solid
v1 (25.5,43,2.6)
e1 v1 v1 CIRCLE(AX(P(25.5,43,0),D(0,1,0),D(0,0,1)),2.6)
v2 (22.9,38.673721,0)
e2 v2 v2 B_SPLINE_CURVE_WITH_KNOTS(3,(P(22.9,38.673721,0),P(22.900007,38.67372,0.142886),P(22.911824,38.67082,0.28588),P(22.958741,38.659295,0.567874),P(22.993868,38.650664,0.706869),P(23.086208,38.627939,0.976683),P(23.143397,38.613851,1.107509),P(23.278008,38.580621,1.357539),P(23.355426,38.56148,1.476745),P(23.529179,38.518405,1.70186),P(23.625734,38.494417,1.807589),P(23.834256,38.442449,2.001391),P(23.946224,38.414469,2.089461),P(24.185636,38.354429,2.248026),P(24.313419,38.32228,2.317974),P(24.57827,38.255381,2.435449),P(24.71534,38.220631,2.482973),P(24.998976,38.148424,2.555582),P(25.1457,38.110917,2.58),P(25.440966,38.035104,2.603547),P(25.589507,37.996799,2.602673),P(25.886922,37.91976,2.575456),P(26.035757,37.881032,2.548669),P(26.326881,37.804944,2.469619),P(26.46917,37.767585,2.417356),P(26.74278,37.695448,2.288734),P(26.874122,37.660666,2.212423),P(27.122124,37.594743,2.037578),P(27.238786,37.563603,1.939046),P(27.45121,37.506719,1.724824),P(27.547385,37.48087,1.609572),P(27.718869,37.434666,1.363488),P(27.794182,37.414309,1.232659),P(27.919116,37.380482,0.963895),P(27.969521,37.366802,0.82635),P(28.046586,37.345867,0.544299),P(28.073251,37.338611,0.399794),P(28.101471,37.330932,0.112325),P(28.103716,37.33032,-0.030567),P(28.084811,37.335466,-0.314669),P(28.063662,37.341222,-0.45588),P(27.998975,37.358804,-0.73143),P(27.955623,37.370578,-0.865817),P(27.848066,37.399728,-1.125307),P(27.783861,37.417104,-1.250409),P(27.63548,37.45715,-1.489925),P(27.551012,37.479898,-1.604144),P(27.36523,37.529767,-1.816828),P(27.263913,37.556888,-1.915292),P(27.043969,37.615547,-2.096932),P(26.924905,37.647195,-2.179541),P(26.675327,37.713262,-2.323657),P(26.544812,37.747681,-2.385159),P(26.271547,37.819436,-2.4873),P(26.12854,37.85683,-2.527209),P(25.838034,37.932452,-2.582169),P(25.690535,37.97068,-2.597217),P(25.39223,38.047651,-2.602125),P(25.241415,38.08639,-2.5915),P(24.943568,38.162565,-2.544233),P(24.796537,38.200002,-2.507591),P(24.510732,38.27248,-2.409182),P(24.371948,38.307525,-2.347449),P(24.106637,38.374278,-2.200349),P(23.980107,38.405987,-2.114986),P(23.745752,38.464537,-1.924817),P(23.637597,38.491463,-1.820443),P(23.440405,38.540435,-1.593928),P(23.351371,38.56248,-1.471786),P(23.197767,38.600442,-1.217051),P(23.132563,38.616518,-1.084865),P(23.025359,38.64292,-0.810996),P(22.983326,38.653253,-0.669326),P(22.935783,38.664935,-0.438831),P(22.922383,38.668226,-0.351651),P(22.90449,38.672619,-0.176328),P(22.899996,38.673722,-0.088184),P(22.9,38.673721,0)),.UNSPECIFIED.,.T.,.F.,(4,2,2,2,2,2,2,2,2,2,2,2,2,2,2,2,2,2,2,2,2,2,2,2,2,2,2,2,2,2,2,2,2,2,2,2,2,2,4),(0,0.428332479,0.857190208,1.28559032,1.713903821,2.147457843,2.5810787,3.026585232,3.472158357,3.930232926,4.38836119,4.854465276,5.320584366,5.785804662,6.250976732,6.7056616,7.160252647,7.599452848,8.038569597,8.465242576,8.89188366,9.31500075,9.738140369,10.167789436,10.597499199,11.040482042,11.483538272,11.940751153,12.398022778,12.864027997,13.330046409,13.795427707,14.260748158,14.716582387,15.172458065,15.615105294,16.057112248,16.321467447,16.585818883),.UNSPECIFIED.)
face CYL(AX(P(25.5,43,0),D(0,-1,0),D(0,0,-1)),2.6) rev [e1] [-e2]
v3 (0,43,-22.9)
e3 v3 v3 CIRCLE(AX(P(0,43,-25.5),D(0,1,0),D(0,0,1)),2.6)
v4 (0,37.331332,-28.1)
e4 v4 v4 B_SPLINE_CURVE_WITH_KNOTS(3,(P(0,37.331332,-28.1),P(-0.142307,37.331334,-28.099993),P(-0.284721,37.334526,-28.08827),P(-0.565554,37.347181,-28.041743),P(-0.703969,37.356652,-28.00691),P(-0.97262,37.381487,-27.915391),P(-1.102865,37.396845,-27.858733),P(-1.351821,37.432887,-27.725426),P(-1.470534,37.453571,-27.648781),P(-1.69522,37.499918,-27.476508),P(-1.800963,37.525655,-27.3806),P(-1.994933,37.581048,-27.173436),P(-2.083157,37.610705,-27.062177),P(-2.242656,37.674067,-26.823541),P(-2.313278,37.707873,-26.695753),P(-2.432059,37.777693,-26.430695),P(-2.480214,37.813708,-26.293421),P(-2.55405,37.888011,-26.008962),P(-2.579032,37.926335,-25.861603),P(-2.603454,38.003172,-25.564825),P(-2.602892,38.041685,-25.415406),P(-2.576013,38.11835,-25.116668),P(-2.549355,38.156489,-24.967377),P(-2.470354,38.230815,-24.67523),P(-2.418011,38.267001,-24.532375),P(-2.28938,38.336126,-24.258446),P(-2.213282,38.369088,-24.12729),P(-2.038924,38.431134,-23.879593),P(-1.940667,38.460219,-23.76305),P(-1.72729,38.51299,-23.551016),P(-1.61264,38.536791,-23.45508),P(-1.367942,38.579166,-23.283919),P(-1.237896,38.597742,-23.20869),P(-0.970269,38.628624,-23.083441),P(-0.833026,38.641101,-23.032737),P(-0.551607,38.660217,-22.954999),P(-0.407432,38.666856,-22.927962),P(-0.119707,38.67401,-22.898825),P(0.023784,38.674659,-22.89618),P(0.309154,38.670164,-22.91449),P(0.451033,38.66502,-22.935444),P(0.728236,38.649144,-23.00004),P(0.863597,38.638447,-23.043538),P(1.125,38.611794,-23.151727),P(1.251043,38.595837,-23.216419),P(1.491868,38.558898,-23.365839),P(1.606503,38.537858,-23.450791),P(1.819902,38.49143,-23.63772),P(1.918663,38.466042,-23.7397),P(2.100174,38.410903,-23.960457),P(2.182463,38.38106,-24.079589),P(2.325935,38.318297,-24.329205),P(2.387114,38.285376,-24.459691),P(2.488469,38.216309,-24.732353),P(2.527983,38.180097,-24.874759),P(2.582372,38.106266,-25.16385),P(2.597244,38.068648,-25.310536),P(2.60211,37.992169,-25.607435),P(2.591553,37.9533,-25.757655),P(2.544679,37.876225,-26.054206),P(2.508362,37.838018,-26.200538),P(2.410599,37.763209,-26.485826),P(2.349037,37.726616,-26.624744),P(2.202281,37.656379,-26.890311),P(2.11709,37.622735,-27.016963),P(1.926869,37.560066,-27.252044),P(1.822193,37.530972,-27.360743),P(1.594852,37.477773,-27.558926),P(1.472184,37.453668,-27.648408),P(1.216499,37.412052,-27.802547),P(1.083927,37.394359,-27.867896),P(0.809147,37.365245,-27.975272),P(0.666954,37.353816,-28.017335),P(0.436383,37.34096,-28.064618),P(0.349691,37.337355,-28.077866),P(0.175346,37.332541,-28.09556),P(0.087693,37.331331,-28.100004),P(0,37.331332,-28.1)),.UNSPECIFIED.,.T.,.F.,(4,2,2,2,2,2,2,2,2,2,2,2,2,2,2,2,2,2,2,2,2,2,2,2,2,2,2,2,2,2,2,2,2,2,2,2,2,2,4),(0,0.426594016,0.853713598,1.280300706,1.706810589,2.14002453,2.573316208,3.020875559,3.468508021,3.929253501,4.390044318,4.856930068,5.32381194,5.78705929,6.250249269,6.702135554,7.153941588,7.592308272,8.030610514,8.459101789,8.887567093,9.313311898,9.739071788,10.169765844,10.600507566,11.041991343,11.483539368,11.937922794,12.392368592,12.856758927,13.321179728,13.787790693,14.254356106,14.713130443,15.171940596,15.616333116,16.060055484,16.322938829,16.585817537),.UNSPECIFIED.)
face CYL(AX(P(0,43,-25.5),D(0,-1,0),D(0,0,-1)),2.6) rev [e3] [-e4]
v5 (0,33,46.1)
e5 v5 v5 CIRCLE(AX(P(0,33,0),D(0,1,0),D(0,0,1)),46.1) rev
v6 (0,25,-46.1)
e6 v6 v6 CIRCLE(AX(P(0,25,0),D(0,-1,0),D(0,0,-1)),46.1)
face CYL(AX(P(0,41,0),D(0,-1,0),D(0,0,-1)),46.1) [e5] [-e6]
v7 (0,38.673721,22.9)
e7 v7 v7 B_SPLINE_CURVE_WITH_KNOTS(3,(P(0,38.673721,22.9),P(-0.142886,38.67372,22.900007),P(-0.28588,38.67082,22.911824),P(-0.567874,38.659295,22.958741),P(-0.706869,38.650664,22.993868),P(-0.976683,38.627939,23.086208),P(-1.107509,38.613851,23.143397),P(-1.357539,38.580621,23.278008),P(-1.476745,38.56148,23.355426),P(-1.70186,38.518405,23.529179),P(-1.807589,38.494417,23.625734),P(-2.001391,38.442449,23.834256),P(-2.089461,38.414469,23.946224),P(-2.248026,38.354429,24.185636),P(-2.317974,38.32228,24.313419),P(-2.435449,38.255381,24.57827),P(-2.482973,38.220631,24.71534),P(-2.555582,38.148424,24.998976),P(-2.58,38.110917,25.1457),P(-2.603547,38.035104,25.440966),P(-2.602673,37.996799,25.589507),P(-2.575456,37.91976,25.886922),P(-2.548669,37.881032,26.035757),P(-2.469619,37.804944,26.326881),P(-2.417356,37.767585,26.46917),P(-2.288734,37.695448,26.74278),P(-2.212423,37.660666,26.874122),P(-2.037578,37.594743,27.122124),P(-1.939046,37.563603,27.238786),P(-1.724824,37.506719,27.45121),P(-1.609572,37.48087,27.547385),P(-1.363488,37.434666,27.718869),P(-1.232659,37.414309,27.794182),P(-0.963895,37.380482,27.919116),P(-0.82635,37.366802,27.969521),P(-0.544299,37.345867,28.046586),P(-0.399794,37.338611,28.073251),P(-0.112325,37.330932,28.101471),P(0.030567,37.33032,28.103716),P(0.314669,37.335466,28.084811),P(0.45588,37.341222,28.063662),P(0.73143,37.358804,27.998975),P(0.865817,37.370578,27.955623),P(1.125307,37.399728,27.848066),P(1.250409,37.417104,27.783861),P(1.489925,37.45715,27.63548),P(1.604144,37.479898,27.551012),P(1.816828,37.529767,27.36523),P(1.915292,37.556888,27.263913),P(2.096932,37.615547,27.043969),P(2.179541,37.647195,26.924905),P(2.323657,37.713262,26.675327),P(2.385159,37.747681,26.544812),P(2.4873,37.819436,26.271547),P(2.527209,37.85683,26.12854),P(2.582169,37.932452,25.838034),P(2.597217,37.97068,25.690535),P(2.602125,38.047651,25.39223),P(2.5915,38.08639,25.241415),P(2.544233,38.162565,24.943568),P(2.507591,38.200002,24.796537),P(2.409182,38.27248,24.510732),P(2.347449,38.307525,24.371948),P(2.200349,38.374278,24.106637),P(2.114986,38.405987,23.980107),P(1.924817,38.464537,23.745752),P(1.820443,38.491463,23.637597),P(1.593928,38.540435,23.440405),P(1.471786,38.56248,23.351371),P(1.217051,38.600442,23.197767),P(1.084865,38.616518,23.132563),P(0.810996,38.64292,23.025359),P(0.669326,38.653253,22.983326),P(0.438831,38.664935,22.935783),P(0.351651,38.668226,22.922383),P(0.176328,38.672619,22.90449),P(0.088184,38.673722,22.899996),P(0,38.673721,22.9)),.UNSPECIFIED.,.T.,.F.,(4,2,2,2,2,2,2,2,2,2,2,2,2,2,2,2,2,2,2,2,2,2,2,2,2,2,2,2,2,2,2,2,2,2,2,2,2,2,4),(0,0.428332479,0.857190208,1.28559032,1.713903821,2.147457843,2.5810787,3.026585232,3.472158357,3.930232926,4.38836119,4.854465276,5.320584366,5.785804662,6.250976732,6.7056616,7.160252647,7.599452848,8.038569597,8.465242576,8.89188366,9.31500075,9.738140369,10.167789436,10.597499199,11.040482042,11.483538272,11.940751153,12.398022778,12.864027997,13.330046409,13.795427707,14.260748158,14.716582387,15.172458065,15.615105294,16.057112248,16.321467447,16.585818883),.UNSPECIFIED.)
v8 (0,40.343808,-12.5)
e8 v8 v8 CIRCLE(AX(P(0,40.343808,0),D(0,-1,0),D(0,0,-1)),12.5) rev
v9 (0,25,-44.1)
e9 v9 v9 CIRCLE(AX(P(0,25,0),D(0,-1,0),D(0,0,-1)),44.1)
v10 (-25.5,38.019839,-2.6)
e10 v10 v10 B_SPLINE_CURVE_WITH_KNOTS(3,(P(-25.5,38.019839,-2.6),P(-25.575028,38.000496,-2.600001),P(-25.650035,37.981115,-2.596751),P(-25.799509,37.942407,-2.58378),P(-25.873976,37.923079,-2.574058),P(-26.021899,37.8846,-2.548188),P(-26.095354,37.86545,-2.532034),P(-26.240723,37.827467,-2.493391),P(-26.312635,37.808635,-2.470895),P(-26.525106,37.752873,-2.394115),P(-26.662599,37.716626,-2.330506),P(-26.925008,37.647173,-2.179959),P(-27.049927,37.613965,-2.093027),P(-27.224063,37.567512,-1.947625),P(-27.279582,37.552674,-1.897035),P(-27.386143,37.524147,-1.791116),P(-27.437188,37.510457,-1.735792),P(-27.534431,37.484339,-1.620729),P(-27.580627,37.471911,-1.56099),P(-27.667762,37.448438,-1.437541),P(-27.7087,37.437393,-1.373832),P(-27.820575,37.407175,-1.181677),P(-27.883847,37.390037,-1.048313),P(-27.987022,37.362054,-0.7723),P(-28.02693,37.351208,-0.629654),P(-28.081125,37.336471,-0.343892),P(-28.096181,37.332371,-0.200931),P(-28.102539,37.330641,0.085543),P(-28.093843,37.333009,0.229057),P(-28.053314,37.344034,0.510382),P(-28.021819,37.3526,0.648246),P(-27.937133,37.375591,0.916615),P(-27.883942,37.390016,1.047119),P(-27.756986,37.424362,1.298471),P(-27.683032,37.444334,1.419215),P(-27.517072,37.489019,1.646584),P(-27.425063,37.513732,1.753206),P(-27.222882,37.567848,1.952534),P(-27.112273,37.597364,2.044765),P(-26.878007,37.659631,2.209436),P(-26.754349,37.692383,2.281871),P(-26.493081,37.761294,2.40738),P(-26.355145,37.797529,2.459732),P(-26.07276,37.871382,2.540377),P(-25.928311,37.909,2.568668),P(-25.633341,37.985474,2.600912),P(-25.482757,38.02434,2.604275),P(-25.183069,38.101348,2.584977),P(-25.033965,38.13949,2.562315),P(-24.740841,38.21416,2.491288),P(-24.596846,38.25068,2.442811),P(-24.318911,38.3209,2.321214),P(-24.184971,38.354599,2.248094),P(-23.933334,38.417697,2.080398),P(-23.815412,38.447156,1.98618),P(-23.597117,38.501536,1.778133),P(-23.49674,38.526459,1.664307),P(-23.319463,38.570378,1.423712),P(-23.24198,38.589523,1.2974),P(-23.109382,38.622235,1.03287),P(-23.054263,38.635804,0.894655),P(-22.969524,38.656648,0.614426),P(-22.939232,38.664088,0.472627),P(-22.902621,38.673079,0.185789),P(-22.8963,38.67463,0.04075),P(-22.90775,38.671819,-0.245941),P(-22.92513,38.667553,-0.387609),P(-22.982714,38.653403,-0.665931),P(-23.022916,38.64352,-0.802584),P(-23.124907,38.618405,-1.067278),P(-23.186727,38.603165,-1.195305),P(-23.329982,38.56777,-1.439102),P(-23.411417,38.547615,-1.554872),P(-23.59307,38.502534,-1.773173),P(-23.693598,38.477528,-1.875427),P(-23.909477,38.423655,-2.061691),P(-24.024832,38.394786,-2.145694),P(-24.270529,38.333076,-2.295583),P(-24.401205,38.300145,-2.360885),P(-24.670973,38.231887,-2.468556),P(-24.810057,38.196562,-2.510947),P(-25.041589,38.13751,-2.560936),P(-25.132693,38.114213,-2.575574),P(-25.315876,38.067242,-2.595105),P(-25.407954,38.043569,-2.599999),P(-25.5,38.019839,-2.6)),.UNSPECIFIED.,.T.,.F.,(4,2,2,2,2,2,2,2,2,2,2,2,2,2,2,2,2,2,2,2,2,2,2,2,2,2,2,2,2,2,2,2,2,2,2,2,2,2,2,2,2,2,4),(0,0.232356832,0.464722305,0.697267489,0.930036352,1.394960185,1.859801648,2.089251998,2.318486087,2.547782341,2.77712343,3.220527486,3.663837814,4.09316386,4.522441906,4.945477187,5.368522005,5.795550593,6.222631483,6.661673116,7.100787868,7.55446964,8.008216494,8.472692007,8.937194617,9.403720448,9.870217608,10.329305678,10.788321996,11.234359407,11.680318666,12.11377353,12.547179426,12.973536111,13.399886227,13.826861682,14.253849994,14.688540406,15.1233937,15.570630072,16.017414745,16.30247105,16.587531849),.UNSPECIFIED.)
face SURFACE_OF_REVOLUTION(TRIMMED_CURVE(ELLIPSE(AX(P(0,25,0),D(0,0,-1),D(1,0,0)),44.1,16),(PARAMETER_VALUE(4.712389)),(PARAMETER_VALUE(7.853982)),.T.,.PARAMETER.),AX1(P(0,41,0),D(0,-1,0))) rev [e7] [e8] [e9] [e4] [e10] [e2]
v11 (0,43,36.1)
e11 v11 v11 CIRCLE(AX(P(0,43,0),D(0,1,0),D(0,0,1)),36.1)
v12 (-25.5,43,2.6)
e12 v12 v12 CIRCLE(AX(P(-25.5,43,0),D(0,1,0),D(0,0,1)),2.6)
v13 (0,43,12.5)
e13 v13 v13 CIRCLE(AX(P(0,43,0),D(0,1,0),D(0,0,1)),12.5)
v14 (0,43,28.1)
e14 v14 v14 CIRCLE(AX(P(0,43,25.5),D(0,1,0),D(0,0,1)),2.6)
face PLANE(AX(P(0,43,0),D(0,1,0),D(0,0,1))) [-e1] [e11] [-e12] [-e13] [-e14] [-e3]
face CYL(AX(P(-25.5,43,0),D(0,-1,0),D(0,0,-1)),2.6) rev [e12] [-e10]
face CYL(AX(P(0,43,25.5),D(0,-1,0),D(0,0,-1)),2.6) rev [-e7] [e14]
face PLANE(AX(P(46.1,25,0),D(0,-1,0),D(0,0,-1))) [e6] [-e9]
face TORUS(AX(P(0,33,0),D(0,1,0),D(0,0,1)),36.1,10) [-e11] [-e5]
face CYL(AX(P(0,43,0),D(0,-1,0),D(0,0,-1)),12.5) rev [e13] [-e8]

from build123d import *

# Parameters (mm, degrees)
SKETCH2_R          = 2.6
SKETCH2_R_2        = 12.5
CUT_EXTRUDE1_DEPTH = 79.098783601
FILLET1_R          = 10


with BuildPart() as part:
    # Sketch1 → Revolve1 (revolve)
    with BuildSketch(Plane.XY, mode=Mode.PRIVATE) as revolve1_sk:
        with BuildLine():
            Line((0, 41), (0, 43))
            Line((0, 43), (46.1, 43))
            Line((46.1, 43), (46.1, 25))
            Line((46.1, 25), (44.1, 25))
            add(Edge.make_bspline(
                [(44.1, 25), (44.1, 41), (0, 41)],
                knots=[0, 0, 0, 1.570796327, 1.570796327, 1.570796327], degree=2, weights=[1, 0.707106781, 1]))
        make_face()
    revolve(revolve1_sk.sketch.rotate(Axis((0, 41, 0), (0, 1, 0)), 90), axis=Axis((0, 41, 0), (0, 1, 0)))

    # Sketch2 → Cut-Extrude1 (cut, through all)
    with BuildSketch(Plane(origin=(0, 0, 0), x_dir=(1, 0, 0), z_dir=(0, 1, 0))):
        with Locations(Location((25.5, 0, 0), (0, 0, 180))):
            Circle(SKETCH2_R)
        with Locations(Location((0, -25.5, 0), (0, 0, 90))):
            Circle(SKETCH2_R)
        with Locations(Location((-25.5, 0, 0), (0, 0, 90))):
            Circle(SKETCH2_R)
        with Locations(Location((0, 25.5, 0), (0, 0, 270))):
            Circle(SKETCH2_R)
        with Locations(Location((0, 0, 0), (0, 0, 90))):
            Circle(SKETCH2_R_2)
    extrude(amount=CUT_EXTRUDE1_DEPTH, mode=Mode.SUBTRACT)

    # Fillet1
    fillet1_edges = [part.edges().sort_by_distance(p)[0] for p in [
        (0, 43, 46.1),
    ]]
    fillet(fillet1_edges, radius=FILLET1_R)


solid = part.part
